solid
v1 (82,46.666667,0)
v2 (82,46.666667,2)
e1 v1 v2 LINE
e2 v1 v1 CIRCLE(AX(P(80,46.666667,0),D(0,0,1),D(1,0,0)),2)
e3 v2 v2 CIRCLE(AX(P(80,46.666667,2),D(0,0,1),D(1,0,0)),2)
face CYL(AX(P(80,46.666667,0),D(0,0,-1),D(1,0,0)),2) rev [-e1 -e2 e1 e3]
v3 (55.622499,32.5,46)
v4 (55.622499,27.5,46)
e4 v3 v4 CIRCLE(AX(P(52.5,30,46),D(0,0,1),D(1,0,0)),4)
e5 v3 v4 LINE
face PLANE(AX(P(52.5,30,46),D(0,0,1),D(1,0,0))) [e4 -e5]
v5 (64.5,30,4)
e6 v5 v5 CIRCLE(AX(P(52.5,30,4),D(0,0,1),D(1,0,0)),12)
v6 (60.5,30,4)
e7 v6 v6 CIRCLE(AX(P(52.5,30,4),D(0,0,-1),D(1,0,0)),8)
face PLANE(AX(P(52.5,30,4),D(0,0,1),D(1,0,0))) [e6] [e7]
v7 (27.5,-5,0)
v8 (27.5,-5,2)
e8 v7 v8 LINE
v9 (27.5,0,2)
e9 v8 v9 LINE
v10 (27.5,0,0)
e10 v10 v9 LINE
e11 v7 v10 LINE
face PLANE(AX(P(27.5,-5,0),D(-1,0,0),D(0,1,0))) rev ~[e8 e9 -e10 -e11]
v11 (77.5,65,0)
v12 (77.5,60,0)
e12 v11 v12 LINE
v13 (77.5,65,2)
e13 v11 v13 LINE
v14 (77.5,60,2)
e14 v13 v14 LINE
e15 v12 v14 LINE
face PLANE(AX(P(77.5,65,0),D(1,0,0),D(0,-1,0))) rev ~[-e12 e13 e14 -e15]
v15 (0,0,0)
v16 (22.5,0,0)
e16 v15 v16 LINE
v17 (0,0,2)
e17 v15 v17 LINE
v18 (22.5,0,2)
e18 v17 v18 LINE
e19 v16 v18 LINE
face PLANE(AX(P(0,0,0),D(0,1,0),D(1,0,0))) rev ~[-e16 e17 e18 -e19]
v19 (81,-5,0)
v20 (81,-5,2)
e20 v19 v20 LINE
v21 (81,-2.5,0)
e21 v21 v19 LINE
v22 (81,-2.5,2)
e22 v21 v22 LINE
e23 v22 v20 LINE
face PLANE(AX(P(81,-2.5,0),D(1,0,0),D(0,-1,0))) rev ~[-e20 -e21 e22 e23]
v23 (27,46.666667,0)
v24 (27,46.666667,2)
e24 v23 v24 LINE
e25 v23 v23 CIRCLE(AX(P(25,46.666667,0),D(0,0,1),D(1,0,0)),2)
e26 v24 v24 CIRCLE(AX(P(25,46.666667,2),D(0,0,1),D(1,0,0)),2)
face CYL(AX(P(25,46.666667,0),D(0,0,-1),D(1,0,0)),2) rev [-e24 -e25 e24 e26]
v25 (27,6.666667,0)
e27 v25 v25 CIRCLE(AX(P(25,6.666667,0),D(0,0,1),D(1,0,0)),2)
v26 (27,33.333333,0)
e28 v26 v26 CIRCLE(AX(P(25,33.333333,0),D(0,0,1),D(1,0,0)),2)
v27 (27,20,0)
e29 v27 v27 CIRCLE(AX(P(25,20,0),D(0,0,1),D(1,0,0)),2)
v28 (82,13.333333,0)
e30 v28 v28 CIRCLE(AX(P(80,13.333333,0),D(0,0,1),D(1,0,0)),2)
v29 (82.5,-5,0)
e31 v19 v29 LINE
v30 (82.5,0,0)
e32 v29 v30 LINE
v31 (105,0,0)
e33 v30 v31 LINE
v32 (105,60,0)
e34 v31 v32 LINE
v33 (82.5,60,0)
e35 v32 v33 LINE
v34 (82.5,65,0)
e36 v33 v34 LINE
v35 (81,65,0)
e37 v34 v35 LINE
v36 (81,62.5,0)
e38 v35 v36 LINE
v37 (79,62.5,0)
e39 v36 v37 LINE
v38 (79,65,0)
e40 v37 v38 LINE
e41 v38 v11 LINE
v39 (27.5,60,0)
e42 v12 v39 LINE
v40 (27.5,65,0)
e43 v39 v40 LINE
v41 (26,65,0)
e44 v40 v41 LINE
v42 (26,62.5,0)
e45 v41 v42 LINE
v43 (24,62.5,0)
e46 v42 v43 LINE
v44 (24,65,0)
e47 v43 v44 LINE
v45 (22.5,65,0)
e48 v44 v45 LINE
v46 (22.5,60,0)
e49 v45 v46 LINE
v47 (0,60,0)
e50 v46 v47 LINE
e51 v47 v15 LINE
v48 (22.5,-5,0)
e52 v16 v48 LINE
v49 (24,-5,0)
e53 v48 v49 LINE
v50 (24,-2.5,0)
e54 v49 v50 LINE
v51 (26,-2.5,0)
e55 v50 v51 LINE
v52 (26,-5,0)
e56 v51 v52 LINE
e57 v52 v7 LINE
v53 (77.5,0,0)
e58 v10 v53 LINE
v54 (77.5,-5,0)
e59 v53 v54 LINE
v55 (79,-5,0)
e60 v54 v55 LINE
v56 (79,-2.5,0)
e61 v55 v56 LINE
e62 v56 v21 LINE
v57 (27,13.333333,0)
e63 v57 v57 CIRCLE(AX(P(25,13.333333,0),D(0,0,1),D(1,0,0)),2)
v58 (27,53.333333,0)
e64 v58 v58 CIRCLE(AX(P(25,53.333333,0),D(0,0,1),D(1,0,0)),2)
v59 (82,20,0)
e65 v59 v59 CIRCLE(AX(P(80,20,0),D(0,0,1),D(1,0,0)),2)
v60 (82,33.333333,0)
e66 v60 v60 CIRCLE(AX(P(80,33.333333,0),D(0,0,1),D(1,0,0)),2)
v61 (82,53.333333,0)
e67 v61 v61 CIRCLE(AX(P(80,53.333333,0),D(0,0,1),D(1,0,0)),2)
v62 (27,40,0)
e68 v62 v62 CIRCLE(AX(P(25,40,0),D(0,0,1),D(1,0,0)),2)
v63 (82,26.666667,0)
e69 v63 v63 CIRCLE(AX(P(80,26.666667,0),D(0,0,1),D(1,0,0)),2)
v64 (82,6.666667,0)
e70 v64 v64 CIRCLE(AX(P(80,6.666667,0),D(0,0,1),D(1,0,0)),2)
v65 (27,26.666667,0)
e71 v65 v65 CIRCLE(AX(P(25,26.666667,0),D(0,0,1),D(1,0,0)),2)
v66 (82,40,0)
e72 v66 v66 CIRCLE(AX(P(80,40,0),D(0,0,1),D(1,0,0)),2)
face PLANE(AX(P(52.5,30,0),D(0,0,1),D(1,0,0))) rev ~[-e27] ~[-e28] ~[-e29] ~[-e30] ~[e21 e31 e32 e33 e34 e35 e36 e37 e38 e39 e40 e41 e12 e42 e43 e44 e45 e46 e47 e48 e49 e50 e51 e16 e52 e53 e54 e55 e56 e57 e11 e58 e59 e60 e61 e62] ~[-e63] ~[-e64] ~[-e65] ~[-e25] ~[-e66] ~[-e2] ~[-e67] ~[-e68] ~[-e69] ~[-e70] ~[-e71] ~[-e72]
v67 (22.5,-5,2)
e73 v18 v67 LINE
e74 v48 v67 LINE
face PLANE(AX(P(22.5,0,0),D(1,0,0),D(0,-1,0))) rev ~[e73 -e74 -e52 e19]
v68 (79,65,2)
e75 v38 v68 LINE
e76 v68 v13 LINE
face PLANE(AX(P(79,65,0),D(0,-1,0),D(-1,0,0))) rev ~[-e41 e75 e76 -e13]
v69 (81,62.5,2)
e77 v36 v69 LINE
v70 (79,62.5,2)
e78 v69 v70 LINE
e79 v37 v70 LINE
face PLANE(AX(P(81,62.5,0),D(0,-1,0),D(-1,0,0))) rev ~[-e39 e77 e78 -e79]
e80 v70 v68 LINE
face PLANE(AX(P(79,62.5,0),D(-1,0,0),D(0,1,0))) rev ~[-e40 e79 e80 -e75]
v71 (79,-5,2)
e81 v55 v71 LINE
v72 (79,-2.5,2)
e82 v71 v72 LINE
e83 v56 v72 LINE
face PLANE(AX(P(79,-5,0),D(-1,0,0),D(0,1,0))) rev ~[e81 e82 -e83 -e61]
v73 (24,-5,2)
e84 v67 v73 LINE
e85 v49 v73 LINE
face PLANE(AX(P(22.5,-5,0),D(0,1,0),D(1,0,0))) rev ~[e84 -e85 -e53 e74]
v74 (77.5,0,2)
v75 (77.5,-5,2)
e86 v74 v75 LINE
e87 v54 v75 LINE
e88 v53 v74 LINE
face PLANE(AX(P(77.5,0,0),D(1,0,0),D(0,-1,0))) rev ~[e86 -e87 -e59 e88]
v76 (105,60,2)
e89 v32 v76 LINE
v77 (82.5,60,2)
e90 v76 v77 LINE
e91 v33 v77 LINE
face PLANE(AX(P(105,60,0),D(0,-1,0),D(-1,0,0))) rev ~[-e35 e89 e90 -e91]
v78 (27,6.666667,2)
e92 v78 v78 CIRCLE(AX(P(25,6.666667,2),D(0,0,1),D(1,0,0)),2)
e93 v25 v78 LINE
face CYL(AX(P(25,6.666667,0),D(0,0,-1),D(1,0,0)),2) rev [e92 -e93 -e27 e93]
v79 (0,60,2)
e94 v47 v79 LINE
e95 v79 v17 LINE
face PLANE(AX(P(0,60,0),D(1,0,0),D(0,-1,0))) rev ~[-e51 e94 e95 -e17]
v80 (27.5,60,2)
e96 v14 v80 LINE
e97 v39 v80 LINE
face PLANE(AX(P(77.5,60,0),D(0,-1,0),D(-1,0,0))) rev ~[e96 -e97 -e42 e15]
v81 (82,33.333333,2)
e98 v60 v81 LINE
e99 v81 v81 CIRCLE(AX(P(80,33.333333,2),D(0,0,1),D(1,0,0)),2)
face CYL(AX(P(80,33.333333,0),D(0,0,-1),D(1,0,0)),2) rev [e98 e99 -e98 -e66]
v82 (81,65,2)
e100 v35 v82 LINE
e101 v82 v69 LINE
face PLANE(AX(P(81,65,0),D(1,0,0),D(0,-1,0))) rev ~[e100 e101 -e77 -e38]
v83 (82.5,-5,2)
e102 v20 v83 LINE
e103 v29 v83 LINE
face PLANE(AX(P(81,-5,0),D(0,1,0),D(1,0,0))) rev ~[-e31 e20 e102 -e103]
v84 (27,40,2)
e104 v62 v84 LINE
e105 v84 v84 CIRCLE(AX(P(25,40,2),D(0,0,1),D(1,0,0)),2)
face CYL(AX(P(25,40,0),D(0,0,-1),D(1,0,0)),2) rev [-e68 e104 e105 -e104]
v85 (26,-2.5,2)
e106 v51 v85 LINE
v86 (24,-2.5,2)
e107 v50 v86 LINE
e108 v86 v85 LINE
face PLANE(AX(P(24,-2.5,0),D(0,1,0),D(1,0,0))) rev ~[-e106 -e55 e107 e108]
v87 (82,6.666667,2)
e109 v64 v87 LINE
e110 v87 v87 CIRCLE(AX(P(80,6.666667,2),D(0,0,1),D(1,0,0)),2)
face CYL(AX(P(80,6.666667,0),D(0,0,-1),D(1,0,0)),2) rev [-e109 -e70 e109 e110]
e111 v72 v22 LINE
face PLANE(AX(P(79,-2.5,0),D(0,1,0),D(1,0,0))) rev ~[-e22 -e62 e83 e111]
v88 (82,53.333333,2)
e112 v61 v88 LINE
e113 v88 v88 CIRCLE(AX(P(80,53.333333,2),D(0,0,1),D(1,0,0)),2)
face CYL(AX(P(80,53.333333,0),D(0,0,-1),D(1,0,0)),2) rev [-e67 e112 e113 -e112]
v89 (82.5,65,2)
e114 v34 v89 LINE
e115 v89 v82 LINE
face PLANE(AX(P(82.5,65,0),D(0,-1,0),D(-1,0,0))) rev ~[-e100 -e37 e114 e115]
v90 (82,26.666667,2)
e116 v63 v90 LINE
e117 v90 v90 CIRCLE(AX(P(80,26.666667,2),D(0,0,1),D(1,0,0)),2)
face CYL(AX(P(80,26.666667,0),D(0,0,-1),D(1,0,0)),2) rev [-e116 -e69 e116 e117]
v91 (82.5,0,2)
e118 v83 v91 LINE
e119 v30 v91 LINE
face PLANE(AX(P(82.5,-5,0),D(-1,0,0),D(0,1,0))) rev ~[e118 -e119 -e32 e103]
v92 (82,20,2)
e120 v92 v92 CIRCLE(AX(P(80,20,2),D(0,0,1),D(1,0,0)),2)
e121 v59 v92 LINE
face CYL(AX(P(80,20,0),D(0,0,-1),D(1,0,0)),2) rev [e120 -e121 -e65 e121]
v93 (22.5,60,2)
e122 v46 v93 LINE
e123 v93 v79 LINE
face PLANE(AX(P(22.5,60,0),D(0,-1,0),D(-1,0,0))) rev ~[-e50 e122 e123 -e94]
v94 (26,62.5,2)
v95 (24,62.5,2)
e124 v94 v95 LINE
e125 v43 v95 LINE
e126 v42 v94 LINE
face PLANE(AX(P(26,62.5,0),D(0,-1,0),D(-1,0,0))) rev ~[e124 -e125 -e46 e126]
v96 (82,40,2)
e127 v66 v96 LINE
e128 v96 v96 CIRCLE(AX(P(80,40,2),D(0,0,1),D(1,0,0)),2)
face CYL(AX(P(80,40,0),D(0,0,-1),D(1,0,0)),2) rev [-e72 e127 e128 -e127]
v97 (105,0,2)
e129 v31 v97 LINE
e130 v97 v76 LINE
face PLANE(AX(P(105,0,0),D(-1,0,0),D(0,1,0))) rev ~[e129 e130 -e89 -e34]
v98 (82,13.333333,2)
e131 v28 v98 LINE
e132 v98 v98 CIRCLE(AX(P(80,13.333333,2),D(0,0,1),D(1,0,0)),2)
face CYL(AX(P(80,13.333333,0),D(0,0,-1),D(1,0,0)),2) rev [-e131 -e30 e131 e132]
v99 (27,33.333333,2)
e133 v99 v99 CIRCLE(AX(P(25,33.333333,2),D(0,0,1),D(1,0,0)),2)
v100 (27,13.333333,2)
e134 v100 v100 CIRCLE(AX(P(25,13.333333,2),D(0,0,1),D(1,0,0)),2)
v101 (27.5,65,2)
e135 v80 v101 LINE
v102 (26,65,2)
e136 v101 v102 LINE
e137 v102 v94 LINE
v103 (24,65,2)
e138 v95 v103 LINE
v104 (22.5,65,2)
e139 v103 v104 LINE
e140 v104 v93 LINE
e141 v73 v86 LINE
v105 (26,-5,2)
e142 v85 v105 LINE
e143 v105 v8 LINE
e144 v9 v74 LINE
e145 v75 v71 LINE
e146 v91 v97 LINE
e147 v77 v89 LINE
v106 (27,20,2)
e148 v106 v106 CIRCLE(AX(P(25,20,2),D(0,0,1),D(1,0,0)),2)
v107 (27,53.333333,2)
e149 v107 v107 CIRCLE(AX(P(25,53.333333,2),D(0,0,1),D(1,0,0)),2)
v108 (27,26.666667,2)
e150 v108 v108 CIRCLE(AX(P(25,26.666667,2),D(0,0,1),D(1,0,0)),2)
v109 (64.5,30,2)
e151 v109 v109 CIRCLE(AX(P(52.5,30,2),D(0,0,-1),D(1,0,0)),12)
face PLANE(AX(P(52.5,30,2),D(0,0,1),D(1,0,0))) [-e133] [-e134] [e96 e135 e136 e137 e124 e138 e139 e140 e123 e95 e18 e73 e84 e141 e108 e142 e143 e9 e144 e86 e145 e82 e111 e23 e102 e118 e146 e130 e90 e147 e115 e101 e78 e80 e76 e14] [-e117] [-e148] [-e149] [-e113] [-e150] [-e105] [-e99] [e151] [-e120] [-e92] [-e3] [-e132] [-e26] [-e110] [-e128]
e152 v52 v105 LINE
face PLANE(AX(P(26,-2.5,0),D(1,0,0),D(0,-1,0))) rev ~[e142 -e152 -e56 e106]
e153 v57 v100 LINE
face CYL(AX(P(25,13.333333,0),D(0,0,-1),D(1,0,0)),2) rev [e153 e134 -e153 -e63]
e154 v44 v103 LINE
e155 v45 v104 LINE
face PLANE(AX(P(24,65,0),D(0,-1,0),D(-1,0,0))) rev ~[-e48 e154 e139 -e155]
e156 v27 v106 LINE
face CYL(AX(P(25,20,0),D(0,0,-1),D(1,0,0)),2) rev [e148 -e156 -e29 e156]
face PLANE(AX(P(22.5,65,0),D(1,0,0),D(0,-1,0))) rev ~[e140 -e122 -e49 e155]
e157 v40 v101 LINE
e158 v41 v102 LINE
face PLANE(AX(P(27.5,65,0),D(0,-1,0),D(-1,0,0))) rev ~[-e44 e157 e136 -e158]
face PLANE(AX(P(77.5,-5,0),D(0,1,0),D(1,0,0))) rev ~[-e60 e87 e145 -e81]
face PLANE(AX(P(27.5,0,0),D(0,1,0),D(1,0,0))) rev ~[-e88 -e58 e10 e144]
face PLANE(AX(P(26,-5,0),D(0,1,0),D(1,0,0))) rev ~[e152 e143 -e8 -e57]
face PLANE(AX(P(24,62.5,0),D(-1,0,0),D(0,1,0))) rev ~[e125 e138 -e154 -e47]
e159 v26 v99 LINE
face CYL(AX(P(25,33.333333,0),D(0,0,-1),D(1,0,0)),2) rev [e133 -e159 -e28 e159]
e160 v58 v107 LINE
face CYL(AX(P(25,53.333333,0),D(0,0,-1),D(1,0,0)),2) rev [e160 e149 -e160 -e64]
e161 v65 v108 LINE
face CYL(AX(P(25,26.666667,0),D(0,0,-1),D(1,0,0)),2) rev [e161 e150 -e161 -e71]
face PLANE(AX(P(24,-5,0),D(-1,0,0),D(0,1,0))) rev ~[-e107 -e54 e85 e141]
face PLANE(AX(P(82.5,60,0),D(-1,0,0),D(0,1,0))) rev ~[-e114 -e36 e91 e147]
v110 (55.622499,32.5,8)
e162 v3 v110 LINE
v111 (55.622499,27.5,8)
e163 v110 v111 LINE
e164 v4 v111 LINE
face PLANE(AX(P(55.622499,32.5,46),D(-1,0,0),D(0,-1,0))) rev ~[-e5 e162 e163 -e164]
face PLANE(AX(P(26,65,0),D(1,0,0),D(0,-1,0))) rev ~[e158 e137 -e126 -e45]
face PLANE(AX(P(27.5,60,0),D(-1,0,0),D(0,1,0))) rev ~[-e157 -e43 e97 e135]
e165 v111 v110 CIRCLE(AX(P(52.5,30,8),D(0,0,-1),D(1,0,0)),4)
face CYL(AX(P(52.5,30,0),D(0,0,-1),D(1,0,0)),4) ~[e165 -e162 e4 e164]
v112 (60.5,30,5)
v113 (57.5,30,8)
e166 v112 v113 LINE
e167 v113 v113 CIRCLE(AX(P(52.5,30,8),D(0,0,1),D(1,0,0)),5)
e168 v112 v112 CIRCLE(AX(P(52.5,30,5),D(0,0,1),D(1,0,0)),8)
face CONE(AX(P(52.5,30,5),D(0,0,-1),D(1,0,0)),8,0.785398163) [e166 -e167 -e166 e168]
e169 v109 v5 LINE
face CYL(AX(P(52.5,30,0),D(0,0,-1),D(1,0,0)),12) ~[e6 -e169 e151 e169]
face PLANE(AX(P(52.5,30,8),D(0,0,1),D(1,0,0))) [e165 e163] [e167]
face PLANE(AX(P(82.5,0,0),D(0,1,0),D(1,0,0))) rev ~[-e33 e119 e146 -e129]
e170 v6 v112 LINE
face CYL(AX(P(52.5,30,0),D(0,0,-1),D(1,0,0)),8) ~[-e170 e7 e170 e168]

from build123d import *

# Parameters (mm, degrees)
SKETCH_R     = 2
PAD_DEPTH    = 2
SKETCH001_R  = 4
PAD001_DEPTH = 46
SKETCH002_R  = 8
PAD002_DEPTH = 8
SKETCH003_R  = 12
PAD003_DEPTH = 4
POCKET_DEPTH = 38
CHAMFER_SIZE = 3


with BuildPart() as part:
    # Sketch → Pad (new body)
    with BuildSketch(Plane.XY):
        Polygon((105, 0), (105, 60), (82.5, 60), (82.5, 65), (81, 65), (81, 62.5), (80, 62.5), (79, 62.5), (79, 65), (77.5, 65), (77.5, 60), (27.5, 60), (27.5, 65), (26, 65), (26, 62.5), (25, 62.5), (24, 62.5), (24, 65), (22.5, 65), (22.5, 60), (0, 60), (0, 0), (22.5, 0), (22.5, -5), (24, -5), (24, -2.5), (25, -2.5), (26, -2.5), (26, -5), (27.5, -5), (27.5, 0), (77.5, 0), (77.5, -5), (79, -5), (79, -2.5), (80, -2.5), (81, -2.5), (81, -5), (82.5, -5), (82.5, 0), align=None)
        with Locations((25, 46.666667)):
            Circle(SKETCH_R, mode=Mode.SUBTRACT)
        with Locations((25, 40)):
            Circle(SKETCH_R, mode=Mode.SUBTRACT)
        with Locations((25, 33.333333)):
            Circle(SKETCH_R, mode=Mode.SUBTRACT)
        with Locations((25, 26.666667)):
            Circle(SKETCH_R, mode=Mode.SUBTRACT)
        with Locations((25, 20)):
            Circle(SKETCH_R, mode=Mode.SUBTRACT)
        with Locations((25, 13.333333)):
            Circle(SKETCH_R, mode=Mode.SUBTRACT)
        with Locations((25, 6.666667)):
            Circle(SKETCH_R, mode=Mode.SUBTRACT)
        with Locations((80, 6.666667)):
            Circle(SKETCH_R, mode=Mode.SUBTRACT)
        with Locations((80, 13.333333)):
            Circle(SKETCH_R, mode=Mode.SUBTRACT)
        with Locations((80, 20)):
            Circle(SKETCH_R, mode=Mode.SUBTRACT)
        with Locations((80, 26.666667)):
            Circle(SKETCH_R, mode=Mode.SUBTRACT)
        with Locations((80, 33.333333)):
            Circle(SKETCH_R, mode=Mode.SUBTRACT)
        with Locations((80, 46.666667)):
            Circle(SKETCH_R, mode=Mode.SUBTRACT)
        with Locations((80, 40)):
            Circle(SKETCH_R, mode=Mode.SUBTRACT)
        with Locations((25, 53.333333)):
            Circle(SKETCH_R, mode=Mode.SUBTRACT)
        with Locations((80, 53.333333)):
            Circle(SKETCH_R, mode=Mode.SUBTRACT)
    extrude(amount=PAD_DEPTH)

    # Sketch001 → Pad001 (join)
    with BuildSketch(Plane.XY):
        with Locations((52.5, 30)):
            Circle(SKETCH001_R)
    extrude(amount=PAD001_DEPTH)

    # Sketch002 → Pad002 (join)
    with BuildSketch(Plane.XY):
        with Locations((52.5, 30)):
            Circle(SKETCH002_R)
    extrude(amount=PAD002_DEPTH)

    # Sketch003 → Pad003 (join)
    with BuildSketch(Plane.XY):
        with Locations((52.5, 30)):
            Circle(SKETCH003_R)
    extrude(amount=PAD003_DEPTH)

    # Sketch004 → Pocket (cut)
    with BuildSketch(Plane.XY.offset(46)):
        with BuildLine():
            Line((55.622499, 32.5), (55.622499, 27.5))
            ThreePointArc((55.622499, 27.5), (56.5, 30), (55.622499, 32.5))
        make_face()
    extrude(amount=-POCKET_DEPTH, mode=Mode.SUBTRACT)

    # Chamfer
    chamfer_edges = [part.edges().sort_by_distance(p)[0] for p in [
        (44.5, 30, 8),
    ]]
    chamfer(chamfer_edges, length=CHAMFER_SIZE)


solid = part.part
